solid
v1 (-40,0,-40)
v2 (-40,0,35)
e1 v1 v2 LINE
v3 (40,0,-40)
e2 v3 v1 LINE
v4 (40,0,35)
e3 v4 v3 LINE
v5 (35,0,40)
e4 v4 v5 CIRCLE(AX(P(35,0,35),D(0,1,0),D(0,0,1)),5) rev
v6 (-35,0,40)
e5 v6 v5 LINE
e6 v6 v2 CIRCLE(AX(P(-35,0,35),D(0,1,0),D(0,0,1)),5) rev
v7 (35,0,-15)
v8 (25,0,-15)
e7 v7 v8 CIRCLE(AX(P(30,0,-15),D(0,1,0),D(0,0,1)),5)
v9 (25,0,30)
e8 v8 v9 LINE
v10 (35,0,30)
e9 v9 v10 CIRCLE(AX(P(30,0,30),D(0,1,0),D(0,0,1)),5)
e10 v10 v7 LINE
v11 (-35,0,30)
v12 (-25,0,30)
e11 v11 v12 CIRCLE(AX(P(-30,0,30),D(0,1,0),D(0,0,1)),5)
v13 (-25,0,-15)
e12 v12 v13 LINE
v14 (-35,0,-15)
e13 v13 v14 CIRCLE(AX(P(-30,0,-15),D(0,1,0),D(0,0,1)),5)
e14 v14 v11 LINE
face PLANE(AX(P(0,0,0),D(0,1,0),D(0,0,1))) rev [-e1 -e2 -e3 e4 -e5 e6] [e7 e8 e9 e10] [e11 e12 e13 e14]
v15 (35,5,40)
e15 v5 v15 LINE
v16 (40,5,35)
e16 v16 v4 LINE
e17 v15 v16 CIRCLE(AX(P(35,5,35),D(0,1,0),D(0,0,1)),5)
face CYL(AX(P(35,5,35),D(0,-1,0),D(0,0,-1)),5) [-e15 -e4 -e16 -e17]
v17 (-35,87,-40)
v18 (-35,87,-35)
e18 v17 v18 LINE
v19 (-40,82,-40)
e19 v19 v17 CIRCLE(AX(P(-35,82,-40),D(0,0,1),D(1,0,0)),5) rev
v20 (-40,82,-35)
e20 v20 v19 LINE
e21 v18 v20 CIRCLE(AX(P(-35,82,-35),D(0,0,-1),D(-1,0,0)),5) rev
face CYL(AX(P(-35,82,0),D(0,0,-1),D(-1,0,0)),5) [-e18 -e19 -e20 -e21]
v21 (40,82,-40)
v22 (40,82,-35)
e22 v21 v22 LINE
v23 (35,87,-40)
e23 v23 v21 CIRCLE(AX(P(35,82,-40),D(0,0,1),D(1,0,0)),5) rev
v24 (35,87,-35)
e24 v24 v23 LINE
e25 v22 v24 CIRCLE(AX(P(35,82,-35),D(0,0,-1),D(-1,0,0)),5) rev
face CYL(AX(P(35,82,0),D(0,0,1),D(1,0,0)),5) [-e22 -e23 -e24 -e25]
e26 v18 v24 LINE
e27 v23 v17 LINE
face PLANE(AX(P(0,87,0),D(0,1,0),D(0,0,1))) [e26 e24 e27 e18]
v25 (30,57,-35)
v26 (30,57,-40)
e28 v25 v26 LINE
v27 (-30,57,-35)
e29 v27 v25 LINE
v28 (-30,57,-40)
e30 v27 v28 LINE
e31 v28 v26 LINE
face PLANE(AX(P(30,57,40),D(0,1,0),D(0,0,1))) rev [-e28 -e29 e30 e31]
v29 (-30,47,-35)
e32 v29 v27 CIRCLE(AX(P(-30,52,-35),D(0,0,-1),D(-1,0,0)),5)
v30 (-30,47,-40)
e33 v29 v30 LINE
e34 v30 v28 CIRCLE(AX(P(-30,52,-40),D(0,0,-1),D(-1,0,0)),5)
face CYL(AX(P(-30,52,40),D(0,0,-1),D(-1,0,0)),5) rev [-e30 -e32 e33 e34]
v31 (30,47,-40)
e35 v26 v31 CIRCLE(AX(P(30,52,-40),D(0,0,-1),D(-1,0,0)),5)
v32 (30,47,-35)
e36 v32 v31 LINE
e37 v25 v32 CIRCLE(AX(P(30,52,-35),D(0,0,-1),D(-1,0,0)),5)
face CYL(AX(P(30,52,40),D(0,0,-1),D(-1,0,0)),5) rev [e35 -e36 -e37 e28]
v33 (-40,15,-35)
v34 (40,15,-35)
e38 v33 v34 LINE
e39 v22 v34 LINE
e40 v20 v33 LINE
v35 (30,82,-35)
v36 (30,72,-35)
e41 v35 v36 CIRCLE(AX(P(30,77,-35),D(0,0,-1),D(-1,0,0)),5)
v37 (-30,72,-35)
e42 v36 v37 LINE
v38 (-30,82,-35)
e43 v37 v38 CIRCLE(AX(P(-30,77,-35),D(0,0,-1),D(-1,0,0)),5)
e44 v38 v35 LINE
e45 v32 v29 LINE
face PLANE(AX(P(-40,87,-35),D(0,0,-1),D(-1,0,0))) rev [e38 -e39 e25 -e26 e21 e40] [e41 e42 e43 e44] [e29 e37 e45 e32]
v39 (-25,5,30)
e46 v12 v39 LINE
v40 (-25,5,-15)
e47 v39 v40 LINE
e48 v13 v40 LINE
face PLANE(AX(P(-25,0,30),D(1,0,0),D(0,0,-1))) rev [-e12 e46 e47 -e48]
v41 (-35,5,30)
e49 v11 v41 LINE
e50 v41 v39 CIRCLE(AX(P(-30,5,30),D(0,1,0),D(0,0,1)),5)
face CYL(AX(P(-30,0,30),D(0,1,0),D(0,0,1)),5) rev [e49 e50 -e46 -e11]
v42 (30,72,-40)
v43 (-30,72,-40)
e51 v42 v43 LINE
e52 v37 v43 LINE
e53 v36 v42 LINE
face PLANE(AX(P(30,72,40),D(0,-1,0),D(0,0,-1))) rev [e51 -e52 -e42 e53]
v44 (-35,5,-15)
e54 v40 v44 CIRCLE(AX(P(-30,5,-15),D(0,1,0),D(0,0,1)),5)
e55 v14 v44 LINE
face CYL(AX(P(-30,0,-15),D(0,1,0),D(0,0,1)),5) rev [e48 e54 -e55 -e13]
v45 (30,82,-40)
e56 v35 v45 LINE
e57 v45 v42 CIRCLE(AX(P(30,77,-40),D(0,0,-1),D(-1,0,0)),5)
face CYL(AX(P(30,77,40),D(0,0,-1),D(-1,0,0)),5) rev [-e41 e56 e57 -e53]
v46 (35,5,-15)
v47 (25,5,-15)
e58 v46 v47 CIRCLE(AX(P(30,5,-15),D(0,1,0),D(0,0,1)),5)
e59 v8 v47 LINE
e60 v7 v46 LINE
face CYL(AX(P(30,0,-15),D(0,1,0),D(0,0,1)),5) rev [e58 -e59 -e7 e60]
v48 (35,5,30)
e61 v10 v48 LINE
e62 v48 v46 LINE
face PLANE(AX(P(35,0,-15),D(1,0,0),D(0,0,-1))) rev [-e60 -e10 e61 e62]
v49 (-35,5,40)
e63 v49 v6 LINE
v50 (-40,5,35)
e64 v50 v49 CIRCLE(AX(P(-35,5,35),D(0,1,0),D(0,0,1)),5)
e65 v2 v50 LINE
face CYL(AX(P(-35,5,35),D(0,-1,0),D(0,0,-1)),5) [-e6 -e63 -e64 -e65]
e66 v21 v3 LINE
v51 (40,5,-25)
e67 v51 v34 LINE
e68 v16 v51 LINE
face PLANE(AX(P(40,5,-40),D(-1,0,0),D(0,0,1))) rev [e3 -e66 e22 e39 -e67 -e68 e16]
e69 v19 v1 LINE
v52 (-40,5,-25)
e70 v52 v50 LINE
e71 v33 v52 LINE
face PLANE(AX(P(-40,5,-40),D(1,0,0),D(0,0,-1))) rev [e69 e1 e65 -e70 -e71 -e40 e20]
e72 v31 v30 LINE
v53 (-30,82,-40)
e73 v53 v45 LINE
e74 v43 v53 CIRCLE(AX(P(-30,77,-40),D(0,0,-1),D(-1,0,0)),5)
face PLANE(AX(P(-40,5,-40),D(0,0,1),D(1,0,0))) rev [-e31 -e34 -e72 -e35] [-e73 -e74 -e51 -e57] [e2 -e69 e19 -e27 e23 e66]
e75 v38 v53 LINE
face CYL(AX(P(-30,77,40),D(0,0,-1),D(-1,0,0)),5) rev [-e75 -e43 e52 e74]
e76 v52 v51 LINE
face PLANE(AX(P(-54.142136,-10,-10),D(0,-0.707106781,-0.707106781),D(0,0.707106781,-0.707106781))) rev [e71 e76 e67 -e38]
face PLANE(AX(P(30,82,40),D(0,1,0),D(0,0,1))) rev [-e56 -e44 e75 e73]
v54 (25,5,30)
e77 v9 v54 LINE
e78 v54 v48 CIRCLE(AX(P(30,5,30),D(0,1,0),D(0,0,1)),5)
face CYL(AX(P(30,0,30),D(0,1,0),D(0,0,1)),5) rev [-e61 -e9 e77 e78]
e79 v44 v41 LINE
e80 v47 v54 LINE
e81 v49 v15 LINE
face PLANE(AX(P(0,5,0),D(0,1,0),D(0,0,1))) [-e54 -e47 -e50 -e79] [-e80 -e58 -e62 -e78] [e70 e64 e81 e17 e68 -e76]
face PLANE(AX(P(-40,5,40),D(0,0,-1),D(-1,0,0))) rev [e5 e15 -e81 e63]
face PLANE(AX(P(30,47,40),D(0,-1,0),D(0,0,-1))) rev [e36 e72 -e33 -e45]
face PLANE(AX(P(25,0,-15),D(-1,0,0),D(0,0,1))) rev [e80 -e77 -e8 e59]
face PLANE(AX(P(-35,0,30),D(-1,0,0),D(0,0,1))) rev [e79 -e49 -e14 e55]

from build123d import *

# Parameters (mm, degrees)
SKETCH1_W           = 80
SKETCH1_H           = 80
BOSS_EXTRUDE1_DEPTH = 5
SKETCH2_W           = 80
SKETCH2_H           = 5
BOSS_EXTRUDE2_DEPTH = 82
CUT_EXTRUDE1_DEPTH  = 81
CUT_EXTRUDE2_DEPTH  = 6
FILLET1_R           = 5
FILLET2_R           = 5
BOSS_EXTRUDE3_DEPTH = 80


with BuildPart() as part:
    # Sketch1 → Boss-Extrude1 (new body)
    with BuildSketch(Plane(origin=(0, 0, 0), x_dir=(1, 0, 0), z_dir=(0, 1, 0))):
        Rectangle(SKETCH1_W, SKETCH1_H)
    extrude(amount=BOSS_EXTRUDE1_DEPTH)

    # Sketch2 → Boss-Extrude2 (add)
    with BuildSketch(Plane(origin=(0, 5, 0), x_dir=(1, 0, 0), z_dir=(0, 1, 0))):
        with Locations((0, 37.5)):
            Rectangle(SKETCH2_W, SKETCH2_H)
    extrude(amount=BOSS_EXTRUDE2_DEPTH)

    # Sketch6 → Cut-Extrude1 (cut, through all)
    with BuildSketch(Plane(origin=(0, 0, -40), x_dir=(-1, 0, 0), z_dir=(0, 0, -1))):
        with BuildLine():
            Line((-30, 82), (30, 82))
            ThreePointArc((30, 82), (35, 77), (30, 72))
            Line((30, 72), (-30, 72))
            ThreePointArc((-30, 72), (-35, 77), (-30, 82))
        make_face()
        with BuildLine():
            Line((-30, 57), (30, 57))
            ThreePointArc((30, 57), (35, 52), (30, 47))
            Line((30, 47), (-30, 47))
            ThreePointArc((-30, 47), (-35, 52), (-30, 57))
        make_face()
    extrude(amount=-CUT_EXTRUDE1_DEPTH, mode=Mode.SUBTRACT)

    # Sketch7 → Cut-Extrude2 (cut, through all)
    with BuildSketch(Plane(origin=(0, 5, 0), x_dir=(1, 0, 0), z_dir=(0, 1, 0))):
        with BuildLine():
            Line((-35, -30), (-35, 15))
            ThreePointArc((-35, 15), (-30, 20), (-25, 15))
            Line((-25, 15), (-25, -30))
            ThreePointArc((-25, -30), (-30, -35), (-35, -30))
        make_face()
        with BuildLine():
            Line((35, 15), (35, -30))
            ThreePointArc((35, -30), (30, -35), (25, -30))
            Line((25, -30), (25, 15))
            ThreePointArc((25, 15), (30, 20), (35, 15))
        make_face()
    extrude(amount=-CUT_EXTRUDE2_DEPTH, mode=Mode.SUBTRACT)

    # Fillet1
    fillet1_edges = [part.edges().sort_by_distance(p)[0] for p in [
        (40, 2.5, 40),
        (-40, 2.5, 40),
    ]]
    fillet(fillet1_edges, radius=FILLET1_R)

    # Fillet2
    fillet2_edges = [part.edges().sort_by_distance(p)[0] for p in [
        (-40, 87, -37.5),
        (40, 87, -37.5),
    ]]
    fillet(fillet2_edges, radius=FILLET2_R)

    # Sketch8 → Boss-Extrude3 (add)
    with BuildSketch(Plane(origin=(40, 0, 0), x_dir=(0, 0, -1), z_dir=(1, 0, 0))):
        Polygon((35, 15), (25, 5), (35, 5), align=None)
    extrude(amount=-BOSS_EXTRUDE3_DEPTH)


solid = part.part
